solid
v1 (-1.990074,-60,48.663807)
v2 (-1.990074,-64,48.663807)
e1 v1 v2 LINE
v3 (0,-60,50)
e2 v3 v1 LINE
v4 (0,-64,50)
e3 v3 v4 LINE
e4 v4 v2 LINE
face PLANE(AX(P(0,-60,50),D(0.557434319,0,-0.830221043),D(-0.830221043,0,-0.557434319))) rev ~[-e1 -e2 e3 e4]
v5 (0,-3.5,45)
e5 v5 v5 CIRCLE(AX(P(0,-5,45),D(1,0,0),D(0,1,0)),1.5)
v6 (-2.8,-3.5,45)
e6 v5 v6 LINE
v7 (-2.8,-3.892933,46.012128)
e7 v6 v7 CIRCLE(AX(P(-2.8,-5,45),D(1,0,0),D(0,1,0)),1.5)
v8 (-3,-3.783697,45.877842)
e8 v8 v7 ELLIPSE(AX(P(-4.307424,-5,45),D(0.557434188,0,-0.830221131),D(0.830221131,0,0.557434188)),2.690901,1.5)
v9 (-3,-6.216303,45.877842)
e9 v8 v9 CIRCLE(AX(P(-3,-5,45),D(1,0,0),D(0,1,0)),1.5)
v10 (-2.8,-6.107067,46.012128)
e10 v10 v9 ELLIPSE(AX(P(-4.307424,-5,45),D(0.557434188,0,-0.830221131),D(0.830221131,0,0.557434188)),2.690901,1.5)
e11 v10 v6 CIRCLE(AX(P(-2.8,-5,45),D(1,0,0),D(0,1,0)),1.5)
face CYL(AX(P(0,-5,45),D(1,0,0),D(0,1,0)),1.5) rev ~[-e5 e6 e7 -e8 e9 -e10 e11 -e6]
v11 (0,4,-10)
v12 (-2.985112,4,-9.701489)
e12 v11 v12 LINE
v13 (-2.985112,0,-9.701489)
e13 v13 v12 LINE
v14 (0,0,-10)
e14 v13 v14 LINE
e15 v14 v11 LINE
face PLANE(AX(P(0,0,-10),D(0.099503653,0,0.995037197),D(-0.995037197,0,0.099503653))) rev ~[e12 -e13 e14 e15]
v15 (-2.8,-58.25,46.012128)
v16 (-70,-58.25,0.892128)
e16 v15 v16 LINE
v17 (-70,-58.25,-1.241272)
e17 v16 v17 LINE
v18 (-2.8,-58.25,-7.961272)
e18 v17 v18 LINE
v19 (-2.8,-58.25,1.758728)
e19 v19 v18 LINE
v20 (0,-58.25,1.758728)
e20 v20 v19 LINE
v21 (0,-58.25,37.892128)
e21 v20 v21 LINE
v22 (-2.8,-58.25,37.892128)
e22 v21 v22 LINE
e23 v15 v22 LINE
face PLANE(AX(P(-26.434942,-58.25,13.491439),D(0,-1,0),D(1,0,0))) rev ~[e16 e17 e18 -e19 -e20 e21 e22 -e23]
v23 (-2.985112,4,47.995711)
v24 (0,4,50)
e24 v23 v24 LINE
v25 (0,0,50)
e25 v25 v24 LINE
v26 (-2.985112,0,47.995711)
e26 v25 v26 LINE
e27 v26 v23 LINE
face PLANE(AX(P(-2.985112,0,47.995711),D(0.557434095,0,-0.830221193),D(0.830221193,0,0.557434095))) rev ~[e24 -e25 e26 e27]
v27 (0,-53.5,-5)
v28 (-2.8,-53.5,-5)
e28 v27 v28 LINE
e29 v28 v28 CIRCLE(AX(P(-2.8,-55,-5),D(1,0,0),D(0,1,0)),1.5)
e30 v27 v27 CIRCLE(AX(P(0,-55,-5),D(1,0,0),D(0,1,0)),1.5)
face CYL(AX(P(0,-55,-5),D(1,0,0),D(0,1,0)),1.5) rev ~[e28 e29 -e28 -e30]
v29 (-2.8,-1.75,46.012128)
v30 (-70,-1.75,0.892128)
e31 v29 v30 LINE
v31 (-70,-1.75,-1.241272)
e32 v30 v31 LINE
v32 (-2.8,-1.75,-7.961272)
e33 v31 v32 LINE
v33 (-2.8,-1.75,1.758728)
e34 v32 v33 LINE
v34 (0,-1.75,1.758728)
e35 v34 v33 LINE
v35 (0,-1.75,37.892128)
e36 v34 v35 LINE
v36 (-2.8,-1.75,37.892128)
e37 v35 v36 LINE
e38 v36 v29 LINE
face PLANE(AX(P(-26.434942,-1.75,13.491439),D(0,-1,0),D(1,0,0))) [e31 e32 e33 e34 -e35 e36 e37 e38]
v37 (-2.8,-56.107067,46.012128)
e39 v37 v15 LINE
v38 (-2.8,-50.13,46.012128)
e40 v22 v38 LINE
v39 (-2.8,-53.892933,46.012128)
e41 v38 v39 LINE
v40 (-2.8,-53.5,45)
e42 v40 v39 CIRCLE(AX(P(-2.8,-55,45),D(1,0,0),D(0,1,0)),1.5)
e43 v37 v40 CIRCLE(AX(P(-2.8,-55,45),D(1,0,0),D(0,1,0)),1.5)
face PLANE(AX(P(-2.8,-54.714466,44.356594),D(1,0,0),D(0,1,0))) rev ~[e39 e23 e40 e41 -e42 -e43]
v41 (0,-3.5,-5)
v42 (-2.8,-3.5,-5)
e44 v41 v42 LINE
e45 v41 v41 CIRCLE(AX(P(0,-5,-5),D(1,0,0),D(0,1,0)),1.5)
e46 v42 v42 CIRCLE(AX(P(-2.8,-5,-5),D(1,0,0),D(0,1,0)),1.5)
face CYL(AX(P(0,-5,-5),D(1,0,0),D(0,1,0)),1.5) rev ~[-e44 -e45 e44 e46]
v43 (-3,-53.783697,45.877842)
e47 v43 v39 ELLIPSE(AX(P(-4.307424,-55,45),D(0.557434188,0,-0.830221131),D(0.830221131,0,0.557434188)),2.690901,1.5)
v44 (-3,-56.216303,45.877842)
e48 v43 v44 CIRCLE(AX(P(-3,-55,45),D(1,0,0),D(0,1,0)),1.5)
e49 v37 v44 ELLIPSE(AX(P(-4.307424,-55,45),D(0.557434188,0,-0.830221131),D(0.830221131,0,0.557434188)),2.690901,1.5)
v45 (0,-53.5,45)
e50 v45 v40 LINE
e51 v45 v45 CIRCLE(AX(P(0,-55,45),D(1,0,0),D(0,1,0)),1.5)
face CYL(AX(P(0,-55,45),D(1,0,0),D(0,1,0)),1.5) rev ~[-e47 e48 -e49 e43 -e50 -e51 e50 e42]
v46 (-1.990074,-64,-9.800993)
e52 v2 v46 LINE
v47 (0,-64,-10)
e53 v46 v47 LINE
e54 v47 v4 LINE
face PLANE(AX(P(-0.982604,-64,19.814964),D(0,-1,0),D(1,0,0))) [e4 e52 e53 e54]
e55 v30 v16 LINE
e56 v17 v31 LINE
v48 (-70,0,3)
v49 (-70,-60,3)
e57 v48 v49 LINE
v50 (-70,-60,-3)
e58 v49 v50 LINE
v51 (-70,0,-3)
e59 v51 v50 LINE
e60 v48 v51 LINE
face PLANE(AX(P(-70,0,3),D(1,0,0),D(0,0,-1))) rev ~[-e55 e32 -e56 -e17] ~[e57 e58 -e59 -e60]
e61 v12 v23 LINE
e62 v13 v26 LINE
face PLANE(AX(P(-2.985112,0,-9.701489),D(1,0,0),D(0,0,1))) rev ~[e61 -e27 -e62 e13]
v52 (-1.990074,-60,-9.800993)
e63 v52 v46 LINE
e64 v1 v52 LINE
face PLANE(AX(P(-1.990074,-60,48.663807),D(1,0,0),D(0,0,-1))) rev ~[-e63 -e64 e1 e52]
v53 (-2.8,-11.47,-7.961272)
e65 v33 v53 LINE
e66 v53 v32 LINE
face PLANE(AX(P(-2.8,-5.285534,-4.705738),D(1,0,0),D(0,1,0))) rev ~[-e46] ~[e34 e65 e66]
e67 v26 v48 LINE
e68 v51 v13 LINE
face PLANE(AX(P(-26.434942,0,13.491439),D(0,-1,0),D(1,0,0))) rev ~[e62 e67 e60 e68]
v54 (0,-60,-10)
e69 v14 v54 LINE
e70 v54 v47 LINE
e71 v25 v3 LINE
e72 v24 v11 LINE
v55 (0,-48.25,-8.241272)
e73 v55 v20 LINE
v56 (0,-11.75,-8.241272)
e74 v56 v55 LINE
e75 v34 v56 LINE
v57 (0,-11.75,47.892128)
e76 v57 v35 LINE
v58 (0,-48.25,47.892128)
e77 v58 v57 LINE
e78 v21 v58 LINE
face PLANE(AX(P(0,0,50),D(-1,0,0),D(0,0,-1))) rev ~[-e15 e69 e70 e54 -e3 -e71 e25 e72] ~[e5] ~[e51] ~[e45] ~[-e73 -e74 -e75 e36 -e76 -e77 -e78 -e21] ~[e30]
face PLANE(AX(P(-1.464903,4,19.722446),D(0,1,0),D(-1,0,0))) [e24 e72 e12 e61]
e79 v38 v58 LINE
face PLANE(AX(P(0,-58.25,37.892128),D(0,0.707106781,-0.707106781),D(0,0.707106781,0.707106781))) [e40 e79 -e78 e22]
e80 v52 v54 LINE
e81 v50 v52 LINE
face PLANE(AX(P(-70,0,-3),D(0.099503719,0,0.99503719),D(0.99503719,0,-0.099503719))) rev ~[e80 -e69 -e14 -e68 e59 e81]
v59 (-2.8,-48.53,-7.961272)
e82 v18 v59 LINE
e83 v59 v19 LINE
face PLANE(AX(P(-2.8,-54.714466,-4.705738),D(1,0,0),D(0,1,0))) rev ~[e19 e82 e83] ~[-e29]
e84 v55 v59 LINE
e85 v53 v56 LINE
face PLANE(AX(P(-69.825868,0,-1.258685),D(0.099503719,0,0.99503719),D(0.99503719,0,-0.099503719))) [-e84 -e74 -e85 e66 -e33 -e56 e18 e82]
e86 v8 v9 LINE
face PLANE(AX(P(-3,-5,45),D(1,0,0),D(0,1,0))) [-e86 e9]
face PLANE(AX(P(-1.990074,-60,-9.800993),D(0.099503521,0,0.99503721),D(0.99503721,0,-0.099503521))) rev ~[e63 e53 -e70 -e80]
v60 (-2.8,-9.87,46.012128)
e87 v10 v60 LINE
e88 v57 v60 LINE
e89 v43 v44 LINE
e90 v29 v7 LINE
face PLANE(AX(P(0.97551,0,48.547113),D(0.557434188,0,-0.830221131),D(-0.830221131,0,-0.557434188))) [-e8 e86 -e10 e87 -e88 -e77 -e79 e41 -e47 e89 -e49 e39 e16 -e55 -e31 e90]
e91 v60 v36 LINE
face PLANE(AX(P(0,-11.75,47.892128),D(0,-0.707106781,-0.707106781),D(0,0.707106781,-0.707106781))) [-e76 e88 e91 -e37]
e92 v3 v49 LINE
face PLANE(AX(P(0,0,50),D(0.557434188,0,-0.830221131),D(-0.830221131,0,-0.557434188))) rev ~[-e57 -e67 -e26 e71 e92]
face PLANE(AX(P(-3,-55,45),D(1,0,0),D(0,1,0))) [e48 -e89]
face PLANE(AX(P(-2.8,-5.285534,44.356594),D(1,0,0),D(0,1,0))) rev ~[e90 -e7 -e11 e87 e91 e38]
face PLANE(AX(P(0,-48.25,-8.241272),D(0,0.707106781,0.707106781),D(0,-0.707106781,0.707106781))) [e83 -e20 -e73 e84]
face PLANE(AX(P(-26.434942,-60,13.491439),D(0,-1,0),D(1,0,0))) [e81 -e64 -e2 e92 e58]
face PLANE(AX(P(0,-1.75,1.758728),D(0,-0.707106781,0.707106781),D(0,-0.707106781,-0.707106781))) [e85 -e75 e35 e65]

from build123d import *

# Parameters (mm, degrees)
F1_DEPTH  = 60
F2_T      = -1.75
F4_DEPTH  = 2.8
F5_R      = 1.5
F6_DEPTH  = 3
F8_DEPTH  = 4
F10_DEPTH = 4


with BuildPart() as f1:
    # F0 (on Front) → F1 (new body)
    with BuildSketch(Plane.XZ):
        Polygon((0, 50), (-70, 3), (-70, -3), (0, -10), align=None)
    extrude(amount=F1_DEPTH)

    # F2
    f2_openings = [f1.faces().sort_by_distance(p)[0] for p in [
        (0, -30, 20),
        (-70, -30, 0),
    ]]
    offset(amount=F2_T, openings=f2_openings)

    # F3 (on face) → F4 (join)
    with BuildSketch(Plane.YZ):
        Polygon((-58.25, 37.892128), (-48.25, 47.892128), (-58.25, 47.892128), align=None)
        Polygon((-1.75, 47.892128), (-11.75, 47.892128), (-1.75, 37.892128), align=None)
        Polygon((-48.25, -8.241272), (-58.25, 1.758728), (-58.25, -8.241272), align=None)
        Polygon((-1.75, 1.758728), (-11.75, -8.241272), (-1.75, -8.241272), align=None)
    extrude(amount=-F4_DEPTH)

    # F5 (on face) → F6 (cut)
    with BuildSketch(Plane.YZ):
        with Locations((-55, 45)):
            Circle(F5_R)
        with Locations((-5, 45)):
            Circle(F5_R)
        with Locations((-55, -5)):
            Circle(F5_R)
        with Locations((-5, -5)):
            Circle(F5_R)
    extrude(amount=-F6_DEPTH, mode=Mode.SUBTRACT)

    # F7 (on face) → F8 (join)
    with BuildSketch(Plane.XZ.offset(60)):
        Polygon((0, 50), (-1.990074, 48.663807), (-1.990074, -9.800993), (0, -10), align=None)
    extrude(amount=F8_DEPTH)

    # F9 (on face) → F10 (join)
    with BuildSketch(Plane(origin=(0, 0, 0), x_dir=(-1, 0, 0), z_dir=(0, 1, 0))):
        Polygon((2.985112, -9.701489), (2.985112, 47.995711), (0, 50), (0, -10), align=None)
    extrude(amount=F10_DEPTH)


solid = f1.part
